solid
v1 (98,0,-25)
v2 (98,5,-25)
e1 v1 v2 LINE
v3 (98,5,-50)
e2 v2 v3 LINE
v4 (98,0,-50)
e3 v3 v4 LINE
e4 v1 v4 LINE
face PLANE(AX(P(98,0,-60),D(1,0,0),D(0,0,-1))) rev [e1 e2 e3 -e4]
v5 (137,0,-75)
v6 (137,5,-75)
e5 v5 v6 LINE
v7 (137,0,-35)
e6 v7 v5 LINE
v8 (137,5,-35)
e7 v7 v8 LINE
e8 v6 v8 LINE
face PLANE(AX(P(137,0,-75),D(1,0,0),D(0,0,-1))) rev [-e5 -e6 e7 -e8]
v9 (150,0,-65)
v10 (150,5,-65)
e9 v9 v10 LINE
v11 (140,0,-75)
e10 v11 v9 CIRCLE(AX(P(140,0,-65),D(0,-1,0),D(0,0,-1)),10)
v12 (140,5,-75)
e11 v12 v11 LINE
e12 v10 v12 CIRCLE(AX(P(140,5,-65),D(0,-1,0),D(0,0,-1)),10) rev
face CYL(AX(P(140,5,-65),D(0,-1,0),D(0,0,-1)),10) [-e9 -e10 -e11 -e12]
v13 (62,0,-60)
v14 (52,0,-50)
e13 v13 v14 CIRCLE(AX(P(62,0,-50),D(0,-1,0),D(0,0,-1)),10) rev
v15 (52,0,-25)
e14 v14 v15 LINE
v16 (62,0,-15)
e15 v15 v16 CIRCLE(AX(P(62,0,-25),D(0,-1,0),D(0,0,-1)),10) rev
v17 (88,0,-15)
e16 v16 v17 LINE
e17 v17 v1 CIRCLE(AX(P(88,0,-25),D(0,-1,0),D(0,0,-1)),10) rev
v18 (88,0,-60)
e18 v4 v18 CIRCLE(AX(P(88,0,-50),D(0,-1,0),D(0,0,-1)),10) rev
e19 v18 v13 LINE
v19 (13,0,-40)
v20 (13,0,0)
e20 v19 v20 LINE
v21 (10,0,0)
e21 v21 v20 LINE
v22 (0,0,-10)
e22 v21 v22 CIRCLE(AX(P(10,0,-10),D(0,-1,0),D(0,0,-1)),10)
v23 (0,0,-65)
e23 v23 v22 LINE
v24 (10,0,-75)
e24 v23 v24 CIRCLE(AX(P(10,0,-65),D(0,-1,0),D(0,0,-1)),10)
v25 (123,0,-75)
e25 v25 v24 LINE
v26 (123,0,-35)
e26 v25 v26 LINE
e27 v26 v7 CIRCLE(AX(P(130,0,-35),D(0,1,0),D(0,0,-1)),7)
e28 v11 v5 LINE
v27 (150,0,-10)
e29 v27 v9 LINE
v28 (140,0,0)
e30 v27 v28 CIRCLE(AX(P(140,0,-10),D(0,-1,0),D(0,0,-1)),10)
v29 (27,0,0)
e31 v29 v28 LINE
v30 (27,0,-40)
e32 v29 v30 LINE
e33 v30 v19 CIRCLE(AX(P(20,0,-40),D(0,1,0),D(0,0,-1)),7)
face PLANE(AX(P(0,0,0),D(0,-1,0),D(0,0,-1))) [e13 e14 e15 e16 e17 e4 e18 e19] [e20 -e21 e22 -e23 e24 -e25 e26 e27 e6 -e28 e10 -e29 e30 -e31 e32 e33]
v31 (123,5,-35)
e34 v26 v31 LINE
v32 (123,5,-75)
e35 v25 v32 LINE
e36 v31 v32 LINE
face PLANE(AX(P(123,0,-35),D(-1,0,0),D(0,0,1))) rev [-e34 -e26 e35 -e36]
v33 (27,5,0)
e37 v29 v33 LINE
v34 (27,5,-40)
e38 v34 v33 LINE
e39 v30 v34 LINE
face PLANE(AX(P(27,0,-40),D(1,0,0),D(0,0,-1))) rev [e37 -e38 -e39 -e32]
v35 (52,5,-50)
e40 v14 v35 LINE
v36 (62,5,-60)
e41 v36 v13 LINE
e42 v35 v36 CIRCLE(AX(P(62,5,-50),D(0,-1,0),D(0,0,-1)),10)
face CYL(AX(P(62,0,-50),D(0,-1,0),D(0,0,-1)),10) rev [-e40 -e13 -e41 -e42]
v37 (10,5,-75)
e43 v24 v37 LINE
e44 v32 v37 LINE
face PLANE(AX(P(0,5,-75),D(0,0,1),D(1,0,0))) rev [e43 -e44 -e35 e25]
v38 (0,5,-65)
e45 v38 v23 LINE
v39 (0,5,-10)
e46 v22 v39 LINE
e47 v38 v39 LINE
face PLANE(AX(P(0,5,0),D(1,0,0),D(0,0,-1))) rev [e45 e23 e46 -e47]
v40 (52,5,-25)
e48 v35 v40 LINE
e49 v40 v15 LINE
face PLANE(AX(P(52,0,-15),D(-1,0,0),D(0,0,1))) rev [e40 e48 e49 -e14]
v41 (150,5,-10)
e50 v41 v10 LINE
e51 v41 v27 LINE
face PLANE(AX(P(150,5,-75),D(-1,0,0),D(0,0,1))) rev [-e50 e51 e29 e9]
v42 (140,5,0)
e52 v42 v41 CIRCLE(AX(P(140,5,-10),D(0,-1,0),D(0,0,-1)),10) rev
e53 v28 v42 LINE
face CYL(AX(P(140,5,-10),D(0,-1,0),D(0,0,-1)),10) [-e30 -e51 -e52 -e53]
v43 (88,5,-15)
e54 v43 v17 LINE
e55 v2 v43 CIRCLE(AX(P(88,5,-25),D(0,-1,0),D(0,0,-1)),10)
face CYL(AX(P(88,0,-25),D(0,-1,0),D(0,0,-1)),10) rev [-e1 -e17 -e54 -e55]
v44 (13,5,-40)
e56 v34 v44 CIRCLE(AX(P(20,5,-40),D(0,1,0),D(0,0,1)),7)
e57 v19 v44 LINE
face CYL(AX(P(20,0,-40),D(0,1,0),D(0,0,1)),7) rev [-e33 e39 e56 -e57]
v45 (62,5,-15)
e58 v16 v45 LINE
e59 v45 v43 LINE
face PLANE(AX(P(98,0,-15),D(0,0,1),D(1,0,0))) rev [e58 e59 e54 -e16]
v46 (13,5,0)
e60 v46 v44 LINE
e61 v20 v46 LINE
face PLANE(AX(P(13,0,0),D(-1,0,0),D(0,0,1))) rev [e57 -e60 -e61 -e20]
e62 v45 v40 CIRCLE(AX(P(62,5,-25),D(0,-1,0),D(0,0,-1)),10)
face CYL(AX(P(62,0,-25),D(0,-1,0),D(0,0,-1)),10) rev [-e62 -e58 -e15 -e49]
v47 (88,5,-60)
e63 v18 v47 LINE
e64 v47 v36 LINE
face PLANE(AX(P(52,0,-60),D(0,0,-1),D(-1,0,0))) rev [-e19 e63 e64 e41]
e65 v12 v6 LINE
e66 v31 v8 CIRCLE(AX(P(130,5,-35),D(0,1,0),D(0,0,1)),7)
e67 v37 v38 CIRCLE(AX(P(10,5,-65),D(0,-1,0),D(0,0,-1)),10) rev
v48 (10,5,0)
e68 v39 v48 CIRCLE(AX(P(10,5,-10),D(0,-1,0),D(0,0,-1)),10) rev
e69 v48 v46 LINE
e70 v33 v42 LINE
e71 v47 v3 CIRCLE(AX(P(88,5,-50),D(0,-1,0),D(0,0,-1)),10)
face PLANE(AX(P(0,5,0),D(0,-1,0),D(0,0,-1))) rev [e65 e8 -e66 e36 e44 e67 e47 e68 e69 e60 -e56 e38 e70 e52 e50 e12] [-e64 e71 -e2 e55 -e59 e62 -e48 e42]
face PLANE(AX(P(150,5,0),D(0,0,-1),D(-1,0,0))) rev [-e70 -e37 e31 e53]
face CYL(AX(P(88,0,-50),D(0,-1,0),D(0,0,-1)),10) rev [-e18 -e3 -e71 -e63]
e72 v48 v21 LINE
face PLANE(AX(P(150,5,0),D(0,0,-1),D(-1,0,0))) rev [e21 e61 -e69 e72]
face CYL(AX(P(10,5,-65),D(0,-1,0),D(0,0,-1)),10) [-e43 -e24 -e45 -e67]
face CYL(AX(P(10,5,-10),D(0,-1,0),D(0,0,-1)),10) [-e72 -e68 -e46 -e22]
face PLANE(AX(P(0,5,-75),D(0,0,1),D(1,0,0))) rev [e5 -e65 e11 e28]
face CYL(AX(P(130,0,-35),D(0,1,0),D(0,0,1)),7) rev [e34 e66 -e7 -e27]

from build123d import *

# Parameters (mm, degrees)
SKETCH2_W               = 150
SKETCH2_H               = 75
BOSS_EXTRUDE1_DEPTH     = 5
CUT_EXTRUDE1_DEPTH      = 168.779617356
CUT_EXTRUDE1_DEPTH_BACK = 168.779617356
SKETCH4_W               = 46
SKETCH4_H               = 45
CUT_EXTRUDE2_DEPTH      = 168.779617356
FILLET1_R               = 10
FILLET2_R               = 10


with BuildPart() as part:
    # Sketch2 → Boss-Extrude1 (new body)
    with BuildSketch(Plane(origin=(0, 0, 0), x_dir=(1, 0, 0), z_dir=(0, 1, 0))):
        with Locations((75, 37.5)):
            Rectangle(SKETCH2_W, SKETCH2_H)
    extrude(amount=BOSS_EXTRUDE1_DEPTH)

    # Sketch3 → Cut-Extrude1 (cut, two sides: drawn at the far end of the back side and taken through both)
    with BuildSketch(Plane(origin=(0, 5, 0), x_dir=(1, 0, 0), z_dir=(0, 1, 0)).offset(-CUT_EXTRUDE1_DEPTH_BACK)):
        with BuildLine():
            Line((13, 0), (13, 40))
            ThreePointArc((13, 40), (20, 47), (27, 40))
            Line((27, 40), (27, 0))
            Line((27, 0), (13, 0))
        make_face()
        with BuildLine():
            Line((137, 75), (137, 35))
            ThreePointArc((137, 35), (130, 28), (123, 35))
            Line((123, 35), (123, 75))
            Line((123, 75), (137, 75))
        make_face()
    extrude(amount=CUT_EXTRUDE1_DEPTH + CUT_EXTRUDE1_DEPTH_BACK, mode=Mode.SUBTRACT)

    # Sketch4 → Cut-Extrude2 (cut, through all)
    with BuildSketch(Plane(origin=(0, 5, 0), x_dir=(1, 0, 0), z_dir=(0, 1, 0))):
        with Locations((75, 37.5)):
            Rectangle(SKETCH4_W, SKETCH4_H)
    extrude(amount=-CUT_EXTRUDE2_DEPTH, mode=Mode.SUBTRACT)

    # Fillet1
    fillet1_edges = [part.edges().sort_by_distance(p)[0] for p in [
        (0, 2.5, 0),
        (0, 2.5, -75),
        (150, 2.5, -75),
        (150, 2.5, 0),
    ]]
    fillet(fillet1_edges, radius=FILLET1_R)

    # Fillet2
    fillet2_edges = [part.edges().sort_by_distance(p)[0] for p in [
        (52, 2.5, -15),
        (52, 2.5, -60),
        (98, 2.5, -60),
        (98, 2.5, -15),
    ]]
    fillet(fillet2_edges, radius=FILLET2_R)


solid = part.part
